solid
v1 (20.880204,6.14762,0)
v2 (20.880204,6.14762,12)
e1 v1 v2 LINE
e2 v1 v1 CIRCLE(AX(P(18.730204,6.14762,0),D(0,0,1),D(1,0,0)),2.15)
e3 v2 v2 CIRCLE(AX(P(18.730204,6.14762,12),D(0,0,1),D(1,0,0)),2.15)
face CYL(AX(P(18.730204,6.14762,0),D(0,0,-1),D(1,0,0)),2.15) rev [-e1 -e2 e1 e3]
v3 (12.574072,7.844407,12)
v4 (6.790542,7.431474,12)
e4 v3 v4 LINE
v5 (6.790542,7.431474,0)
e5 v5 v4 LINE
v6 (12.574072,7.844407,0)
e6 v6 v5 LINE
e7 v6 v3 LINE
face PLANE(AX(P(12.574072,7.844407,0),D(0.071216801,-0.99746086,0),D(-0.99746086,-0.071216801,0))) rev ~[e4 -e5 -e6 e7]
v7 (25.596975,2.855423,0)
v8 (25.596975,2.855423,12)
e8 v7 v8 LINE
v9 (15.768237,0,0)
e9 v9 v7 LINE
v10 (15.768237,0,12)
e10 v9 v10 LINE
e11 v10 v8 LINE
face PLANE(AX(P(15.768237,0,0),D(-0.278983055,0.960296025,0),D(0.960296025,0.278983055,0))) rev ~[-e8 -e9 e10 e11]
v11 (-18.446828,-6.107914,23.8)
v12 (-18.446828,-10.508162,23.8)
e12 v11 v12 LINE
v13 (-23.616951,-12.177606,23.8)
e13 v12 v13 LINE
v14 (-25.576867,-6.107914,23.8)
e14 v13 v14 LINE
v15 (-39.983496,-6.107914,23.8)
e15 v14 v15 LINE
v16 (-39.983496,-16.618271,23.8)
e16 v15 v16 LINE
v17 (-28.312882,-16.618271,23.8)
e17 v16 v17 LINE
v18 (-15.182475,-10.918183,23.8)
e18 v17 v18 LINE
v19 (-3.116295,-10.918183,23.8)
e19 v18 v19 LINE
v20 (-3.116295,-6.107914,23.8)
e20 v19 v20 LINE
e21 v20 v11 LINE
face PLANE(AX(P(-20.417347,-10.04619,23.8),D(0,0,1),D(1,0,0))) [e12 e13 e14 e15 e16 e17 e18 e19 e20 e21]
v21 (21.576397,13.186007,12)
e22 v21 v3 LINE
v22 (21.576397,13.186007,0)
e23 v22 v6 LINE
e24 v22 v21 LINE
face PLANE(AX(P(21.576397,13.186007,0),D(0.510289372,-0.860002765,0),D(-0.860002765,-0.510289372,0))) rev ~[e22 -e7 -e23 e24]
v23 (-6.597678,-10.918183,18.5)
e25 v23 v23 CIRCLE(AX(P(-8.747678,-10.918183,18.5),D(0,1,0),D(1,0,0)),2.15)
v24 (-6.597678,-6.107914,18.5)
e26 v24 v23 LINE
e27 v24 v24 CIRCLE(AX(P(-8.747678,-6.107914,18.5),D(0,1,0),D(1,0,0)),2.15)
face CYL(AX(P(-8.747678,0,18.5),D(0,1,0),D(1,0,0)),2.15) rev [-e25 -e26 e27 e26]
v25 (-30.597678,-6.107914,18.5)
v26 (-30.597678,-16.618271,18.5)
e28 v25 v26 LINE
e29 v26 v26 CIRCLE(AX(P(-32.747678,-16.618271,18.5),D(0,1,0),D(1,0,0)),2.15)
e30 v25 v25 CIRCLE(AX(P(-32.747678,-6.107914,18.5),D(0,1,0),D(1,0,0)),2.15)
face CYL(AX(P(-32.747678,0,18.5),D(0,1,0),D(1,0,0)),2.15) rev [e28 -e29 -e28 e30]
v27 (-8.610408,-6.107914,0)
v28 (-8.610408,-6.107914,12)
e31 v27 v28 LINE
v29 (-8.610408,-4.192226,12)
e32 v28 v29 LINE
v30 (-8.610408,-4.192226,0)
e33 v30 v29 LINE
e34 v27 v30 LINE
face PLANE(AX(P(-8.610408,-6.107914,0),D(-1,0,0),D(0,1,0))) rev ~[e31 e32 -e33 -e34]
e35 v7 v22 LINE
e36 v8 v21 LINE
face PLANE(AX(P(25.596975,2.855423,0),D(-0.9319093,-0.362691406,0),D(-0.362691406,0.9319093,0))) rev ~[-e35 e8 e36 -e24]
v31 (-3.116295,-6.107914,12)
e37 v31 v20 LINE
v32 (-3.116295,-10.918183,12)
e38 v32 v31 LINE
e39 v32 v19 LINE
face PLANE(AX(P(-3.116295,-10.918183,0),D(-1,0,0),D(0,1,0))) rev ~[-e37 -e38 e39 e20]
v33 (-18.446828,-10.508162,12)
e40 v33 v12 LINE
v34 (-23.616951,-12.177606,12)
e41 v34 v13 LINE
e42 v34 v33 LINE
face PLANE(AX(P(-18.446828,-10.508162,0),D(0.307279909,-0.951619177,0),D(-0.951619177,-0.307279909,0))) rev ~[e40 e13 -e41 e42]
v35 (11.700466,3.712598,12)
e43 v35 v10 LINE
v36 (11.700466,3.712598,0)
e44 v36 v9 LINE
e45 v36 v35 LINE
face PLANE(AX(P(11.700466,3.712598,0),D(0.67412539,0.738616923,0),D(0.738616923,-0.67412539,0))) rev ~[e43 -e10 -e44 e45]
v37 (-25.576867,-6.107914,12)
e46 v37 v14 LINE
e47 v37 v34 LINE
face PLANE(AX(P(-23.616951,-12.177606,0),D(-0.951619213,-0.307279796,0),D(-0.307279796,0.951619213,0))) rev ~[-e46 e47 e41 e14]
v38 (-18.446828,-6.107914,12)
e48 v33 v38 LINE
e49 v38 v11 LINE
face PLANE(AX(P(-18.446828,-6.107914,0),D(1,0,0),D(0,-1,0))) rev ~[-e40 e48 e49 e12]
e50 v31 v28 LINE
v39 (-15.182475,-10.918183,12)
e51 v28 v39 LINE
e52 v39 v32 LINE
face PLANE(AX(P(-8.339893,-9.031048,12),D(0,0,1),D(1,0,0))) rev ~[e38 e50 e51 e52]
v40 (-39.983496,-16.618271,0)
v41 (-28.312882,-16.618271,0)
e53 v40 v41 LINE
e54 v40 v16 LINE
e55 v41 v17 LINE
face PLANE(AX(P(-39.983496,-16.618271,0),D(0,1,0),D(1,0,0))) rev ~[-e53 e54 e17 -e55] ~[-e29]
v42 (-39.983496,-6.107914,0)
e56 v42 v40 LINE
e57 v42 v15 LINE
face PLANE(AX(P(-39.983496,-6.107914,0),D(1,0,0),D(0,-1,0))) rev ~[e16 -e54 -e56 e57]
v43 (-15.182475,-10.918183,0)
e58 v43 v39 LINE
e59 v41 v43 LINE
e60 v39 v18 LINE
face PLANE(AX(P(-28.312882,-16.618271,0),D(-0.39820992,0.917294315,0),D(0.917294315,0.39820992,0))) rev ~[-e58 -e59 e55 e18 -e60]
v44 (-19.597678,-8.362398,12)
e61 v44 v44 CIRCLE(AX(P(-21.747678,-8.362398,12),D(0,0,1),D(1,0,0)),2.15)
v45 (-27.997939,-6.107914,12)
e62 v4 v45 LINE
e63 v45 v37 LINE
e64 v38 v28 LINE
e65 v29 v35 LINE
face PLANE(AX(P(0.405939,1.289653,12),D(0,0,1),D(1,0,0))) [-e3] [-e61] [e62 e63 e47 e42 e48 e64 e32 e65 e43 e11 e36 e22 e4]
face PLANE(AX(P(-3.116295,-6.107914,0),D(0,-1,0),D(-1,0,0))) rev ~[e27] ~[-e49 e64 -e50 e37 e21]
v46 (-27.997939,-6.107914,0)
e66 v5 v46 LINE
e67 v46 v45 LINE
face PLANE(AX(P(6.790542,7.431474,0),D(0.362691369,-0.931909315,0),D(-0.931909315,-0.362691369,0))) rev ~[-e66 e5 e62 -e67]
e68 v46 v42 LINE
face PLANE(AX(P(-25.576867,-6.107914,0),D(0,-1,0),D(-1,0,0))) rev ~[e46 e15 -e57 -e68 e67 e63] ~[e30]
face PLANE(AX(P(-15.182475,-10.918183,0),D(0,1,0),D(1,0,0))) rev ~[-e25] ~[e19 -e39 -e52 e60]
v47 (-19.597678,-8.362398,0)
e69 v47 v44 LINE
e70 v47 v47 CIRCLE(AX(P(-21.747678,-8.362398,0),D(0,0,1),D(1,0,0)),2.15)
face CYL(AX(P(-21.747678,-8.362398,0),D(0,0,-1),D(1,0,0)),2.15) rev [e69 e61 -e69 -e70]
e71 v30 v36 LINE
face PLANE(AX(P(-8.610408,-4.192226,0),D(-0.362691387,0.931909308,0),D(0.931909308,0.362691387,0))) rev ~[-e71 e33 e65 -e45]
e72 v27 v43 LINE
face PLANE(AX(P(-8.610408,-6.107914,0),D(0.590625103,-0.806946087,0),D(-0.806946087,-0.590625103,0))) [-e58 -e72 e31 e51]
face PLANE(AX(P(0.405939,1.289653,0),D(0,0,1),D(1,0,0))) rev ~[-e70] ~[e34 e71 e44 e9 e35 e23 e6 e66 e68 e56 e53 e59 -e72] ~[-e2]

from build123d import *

# Parameters (mm, degrees)
F2_DEPTH  = 23.8
F2_FACE_W = 11.670614
F2_FACE_H = 23.8
F1_R      = 2.15
F3_DEPTH  = 25
F0_R      = 2.15
F4_DEPTH  = 12
F5_DEPTH  = 12


with BuildPart() as f2:
    # F0 (on Top) → F2 (new body)
    with BuildSketch(Plane.XY):
        Polygon((-27.997939, -6.107914), (-28.312882, -16.618271), (-15.182475, -10.918183), (-8.610408, -6.107914), (-18.446828, -6.107914), (-18.446828, -10.508162), (-23.616951, -12.177606), (-25.576867, -6.107914), align=None)
        Polygon((-8.610408, -6.107914), (-15.182475, -10.918183), (-3.116295, -10.918183), (-3.116295, -6.107914), align=None)
        Polygon((-39.983496, -6.107914), (-39.983496, -16.618271), (-28.312882, -16.618271), (-27.997939, -6.107914), align=None)
    extrude(amount=F2_DEPTH)

    # F2_face (on face) + F1 (on Front) → F3 (cut)
    with BuildSketch(Plane(origin=(-34.148189, -16.618271, 11.9), x_dir=(1, 0, 0), z_dir=(0, -1, 0))):
        Rectangle(F2_FACE_W, F2_FACE_H)
    with BuildSketch(Plane.XZ):
        with Locations((-32.747678, 18.5)):
            Circle(F1_R)
        with Locations((-8.747678, 18.5)):
            Circle(F1_R)
    extrude(amount=F3_DEPTH, mode=Mode.SUBTRACT)

    # F0 (on Top) → F4 (join)
    with BuildSketch(Plane.XY):
        Polygon((6.790542, 7.431474), (-27.997939, -6.107914), (-25.576867, -6.107914), (-18.446828, -6.107914), (-8.610408, -6.107914), (-8.610408, -4.192226), (11.700466, 3.712598), (15.768237, 0), (25.596975, 2.855423), (21.576397, 13.186007), (12.574072, 7.844407), align=None)
        with Locations((18.730204, 6.14762)):
            Circle(F0_R, mode=Mode.SUBTRACT)
        Polygon((-18.446828, -6.107914), (-25.576867, -6.107914), (-23.616951, -12.177606), (-18.446828, -10.508162), align=None)
        with Locations((-21.747678, -8.362398)):
            Circle(F0_R, mode=Mode.SUBTRACT)
    extrude(amount=F4_DEPTH)

    # F0 (on Top) → F5 (cut)
    with BuildSketch(Plane.XY):
        Polygon((-8.610408, -6.107914), (-15.182475, -10.918183), (-3.116295, -10.918183), (-3.116295, -6.107914), align=None)
    extrude(amount=F5_DEPTH, mode=Mode.SUBTRACT)


solid = f2.part
